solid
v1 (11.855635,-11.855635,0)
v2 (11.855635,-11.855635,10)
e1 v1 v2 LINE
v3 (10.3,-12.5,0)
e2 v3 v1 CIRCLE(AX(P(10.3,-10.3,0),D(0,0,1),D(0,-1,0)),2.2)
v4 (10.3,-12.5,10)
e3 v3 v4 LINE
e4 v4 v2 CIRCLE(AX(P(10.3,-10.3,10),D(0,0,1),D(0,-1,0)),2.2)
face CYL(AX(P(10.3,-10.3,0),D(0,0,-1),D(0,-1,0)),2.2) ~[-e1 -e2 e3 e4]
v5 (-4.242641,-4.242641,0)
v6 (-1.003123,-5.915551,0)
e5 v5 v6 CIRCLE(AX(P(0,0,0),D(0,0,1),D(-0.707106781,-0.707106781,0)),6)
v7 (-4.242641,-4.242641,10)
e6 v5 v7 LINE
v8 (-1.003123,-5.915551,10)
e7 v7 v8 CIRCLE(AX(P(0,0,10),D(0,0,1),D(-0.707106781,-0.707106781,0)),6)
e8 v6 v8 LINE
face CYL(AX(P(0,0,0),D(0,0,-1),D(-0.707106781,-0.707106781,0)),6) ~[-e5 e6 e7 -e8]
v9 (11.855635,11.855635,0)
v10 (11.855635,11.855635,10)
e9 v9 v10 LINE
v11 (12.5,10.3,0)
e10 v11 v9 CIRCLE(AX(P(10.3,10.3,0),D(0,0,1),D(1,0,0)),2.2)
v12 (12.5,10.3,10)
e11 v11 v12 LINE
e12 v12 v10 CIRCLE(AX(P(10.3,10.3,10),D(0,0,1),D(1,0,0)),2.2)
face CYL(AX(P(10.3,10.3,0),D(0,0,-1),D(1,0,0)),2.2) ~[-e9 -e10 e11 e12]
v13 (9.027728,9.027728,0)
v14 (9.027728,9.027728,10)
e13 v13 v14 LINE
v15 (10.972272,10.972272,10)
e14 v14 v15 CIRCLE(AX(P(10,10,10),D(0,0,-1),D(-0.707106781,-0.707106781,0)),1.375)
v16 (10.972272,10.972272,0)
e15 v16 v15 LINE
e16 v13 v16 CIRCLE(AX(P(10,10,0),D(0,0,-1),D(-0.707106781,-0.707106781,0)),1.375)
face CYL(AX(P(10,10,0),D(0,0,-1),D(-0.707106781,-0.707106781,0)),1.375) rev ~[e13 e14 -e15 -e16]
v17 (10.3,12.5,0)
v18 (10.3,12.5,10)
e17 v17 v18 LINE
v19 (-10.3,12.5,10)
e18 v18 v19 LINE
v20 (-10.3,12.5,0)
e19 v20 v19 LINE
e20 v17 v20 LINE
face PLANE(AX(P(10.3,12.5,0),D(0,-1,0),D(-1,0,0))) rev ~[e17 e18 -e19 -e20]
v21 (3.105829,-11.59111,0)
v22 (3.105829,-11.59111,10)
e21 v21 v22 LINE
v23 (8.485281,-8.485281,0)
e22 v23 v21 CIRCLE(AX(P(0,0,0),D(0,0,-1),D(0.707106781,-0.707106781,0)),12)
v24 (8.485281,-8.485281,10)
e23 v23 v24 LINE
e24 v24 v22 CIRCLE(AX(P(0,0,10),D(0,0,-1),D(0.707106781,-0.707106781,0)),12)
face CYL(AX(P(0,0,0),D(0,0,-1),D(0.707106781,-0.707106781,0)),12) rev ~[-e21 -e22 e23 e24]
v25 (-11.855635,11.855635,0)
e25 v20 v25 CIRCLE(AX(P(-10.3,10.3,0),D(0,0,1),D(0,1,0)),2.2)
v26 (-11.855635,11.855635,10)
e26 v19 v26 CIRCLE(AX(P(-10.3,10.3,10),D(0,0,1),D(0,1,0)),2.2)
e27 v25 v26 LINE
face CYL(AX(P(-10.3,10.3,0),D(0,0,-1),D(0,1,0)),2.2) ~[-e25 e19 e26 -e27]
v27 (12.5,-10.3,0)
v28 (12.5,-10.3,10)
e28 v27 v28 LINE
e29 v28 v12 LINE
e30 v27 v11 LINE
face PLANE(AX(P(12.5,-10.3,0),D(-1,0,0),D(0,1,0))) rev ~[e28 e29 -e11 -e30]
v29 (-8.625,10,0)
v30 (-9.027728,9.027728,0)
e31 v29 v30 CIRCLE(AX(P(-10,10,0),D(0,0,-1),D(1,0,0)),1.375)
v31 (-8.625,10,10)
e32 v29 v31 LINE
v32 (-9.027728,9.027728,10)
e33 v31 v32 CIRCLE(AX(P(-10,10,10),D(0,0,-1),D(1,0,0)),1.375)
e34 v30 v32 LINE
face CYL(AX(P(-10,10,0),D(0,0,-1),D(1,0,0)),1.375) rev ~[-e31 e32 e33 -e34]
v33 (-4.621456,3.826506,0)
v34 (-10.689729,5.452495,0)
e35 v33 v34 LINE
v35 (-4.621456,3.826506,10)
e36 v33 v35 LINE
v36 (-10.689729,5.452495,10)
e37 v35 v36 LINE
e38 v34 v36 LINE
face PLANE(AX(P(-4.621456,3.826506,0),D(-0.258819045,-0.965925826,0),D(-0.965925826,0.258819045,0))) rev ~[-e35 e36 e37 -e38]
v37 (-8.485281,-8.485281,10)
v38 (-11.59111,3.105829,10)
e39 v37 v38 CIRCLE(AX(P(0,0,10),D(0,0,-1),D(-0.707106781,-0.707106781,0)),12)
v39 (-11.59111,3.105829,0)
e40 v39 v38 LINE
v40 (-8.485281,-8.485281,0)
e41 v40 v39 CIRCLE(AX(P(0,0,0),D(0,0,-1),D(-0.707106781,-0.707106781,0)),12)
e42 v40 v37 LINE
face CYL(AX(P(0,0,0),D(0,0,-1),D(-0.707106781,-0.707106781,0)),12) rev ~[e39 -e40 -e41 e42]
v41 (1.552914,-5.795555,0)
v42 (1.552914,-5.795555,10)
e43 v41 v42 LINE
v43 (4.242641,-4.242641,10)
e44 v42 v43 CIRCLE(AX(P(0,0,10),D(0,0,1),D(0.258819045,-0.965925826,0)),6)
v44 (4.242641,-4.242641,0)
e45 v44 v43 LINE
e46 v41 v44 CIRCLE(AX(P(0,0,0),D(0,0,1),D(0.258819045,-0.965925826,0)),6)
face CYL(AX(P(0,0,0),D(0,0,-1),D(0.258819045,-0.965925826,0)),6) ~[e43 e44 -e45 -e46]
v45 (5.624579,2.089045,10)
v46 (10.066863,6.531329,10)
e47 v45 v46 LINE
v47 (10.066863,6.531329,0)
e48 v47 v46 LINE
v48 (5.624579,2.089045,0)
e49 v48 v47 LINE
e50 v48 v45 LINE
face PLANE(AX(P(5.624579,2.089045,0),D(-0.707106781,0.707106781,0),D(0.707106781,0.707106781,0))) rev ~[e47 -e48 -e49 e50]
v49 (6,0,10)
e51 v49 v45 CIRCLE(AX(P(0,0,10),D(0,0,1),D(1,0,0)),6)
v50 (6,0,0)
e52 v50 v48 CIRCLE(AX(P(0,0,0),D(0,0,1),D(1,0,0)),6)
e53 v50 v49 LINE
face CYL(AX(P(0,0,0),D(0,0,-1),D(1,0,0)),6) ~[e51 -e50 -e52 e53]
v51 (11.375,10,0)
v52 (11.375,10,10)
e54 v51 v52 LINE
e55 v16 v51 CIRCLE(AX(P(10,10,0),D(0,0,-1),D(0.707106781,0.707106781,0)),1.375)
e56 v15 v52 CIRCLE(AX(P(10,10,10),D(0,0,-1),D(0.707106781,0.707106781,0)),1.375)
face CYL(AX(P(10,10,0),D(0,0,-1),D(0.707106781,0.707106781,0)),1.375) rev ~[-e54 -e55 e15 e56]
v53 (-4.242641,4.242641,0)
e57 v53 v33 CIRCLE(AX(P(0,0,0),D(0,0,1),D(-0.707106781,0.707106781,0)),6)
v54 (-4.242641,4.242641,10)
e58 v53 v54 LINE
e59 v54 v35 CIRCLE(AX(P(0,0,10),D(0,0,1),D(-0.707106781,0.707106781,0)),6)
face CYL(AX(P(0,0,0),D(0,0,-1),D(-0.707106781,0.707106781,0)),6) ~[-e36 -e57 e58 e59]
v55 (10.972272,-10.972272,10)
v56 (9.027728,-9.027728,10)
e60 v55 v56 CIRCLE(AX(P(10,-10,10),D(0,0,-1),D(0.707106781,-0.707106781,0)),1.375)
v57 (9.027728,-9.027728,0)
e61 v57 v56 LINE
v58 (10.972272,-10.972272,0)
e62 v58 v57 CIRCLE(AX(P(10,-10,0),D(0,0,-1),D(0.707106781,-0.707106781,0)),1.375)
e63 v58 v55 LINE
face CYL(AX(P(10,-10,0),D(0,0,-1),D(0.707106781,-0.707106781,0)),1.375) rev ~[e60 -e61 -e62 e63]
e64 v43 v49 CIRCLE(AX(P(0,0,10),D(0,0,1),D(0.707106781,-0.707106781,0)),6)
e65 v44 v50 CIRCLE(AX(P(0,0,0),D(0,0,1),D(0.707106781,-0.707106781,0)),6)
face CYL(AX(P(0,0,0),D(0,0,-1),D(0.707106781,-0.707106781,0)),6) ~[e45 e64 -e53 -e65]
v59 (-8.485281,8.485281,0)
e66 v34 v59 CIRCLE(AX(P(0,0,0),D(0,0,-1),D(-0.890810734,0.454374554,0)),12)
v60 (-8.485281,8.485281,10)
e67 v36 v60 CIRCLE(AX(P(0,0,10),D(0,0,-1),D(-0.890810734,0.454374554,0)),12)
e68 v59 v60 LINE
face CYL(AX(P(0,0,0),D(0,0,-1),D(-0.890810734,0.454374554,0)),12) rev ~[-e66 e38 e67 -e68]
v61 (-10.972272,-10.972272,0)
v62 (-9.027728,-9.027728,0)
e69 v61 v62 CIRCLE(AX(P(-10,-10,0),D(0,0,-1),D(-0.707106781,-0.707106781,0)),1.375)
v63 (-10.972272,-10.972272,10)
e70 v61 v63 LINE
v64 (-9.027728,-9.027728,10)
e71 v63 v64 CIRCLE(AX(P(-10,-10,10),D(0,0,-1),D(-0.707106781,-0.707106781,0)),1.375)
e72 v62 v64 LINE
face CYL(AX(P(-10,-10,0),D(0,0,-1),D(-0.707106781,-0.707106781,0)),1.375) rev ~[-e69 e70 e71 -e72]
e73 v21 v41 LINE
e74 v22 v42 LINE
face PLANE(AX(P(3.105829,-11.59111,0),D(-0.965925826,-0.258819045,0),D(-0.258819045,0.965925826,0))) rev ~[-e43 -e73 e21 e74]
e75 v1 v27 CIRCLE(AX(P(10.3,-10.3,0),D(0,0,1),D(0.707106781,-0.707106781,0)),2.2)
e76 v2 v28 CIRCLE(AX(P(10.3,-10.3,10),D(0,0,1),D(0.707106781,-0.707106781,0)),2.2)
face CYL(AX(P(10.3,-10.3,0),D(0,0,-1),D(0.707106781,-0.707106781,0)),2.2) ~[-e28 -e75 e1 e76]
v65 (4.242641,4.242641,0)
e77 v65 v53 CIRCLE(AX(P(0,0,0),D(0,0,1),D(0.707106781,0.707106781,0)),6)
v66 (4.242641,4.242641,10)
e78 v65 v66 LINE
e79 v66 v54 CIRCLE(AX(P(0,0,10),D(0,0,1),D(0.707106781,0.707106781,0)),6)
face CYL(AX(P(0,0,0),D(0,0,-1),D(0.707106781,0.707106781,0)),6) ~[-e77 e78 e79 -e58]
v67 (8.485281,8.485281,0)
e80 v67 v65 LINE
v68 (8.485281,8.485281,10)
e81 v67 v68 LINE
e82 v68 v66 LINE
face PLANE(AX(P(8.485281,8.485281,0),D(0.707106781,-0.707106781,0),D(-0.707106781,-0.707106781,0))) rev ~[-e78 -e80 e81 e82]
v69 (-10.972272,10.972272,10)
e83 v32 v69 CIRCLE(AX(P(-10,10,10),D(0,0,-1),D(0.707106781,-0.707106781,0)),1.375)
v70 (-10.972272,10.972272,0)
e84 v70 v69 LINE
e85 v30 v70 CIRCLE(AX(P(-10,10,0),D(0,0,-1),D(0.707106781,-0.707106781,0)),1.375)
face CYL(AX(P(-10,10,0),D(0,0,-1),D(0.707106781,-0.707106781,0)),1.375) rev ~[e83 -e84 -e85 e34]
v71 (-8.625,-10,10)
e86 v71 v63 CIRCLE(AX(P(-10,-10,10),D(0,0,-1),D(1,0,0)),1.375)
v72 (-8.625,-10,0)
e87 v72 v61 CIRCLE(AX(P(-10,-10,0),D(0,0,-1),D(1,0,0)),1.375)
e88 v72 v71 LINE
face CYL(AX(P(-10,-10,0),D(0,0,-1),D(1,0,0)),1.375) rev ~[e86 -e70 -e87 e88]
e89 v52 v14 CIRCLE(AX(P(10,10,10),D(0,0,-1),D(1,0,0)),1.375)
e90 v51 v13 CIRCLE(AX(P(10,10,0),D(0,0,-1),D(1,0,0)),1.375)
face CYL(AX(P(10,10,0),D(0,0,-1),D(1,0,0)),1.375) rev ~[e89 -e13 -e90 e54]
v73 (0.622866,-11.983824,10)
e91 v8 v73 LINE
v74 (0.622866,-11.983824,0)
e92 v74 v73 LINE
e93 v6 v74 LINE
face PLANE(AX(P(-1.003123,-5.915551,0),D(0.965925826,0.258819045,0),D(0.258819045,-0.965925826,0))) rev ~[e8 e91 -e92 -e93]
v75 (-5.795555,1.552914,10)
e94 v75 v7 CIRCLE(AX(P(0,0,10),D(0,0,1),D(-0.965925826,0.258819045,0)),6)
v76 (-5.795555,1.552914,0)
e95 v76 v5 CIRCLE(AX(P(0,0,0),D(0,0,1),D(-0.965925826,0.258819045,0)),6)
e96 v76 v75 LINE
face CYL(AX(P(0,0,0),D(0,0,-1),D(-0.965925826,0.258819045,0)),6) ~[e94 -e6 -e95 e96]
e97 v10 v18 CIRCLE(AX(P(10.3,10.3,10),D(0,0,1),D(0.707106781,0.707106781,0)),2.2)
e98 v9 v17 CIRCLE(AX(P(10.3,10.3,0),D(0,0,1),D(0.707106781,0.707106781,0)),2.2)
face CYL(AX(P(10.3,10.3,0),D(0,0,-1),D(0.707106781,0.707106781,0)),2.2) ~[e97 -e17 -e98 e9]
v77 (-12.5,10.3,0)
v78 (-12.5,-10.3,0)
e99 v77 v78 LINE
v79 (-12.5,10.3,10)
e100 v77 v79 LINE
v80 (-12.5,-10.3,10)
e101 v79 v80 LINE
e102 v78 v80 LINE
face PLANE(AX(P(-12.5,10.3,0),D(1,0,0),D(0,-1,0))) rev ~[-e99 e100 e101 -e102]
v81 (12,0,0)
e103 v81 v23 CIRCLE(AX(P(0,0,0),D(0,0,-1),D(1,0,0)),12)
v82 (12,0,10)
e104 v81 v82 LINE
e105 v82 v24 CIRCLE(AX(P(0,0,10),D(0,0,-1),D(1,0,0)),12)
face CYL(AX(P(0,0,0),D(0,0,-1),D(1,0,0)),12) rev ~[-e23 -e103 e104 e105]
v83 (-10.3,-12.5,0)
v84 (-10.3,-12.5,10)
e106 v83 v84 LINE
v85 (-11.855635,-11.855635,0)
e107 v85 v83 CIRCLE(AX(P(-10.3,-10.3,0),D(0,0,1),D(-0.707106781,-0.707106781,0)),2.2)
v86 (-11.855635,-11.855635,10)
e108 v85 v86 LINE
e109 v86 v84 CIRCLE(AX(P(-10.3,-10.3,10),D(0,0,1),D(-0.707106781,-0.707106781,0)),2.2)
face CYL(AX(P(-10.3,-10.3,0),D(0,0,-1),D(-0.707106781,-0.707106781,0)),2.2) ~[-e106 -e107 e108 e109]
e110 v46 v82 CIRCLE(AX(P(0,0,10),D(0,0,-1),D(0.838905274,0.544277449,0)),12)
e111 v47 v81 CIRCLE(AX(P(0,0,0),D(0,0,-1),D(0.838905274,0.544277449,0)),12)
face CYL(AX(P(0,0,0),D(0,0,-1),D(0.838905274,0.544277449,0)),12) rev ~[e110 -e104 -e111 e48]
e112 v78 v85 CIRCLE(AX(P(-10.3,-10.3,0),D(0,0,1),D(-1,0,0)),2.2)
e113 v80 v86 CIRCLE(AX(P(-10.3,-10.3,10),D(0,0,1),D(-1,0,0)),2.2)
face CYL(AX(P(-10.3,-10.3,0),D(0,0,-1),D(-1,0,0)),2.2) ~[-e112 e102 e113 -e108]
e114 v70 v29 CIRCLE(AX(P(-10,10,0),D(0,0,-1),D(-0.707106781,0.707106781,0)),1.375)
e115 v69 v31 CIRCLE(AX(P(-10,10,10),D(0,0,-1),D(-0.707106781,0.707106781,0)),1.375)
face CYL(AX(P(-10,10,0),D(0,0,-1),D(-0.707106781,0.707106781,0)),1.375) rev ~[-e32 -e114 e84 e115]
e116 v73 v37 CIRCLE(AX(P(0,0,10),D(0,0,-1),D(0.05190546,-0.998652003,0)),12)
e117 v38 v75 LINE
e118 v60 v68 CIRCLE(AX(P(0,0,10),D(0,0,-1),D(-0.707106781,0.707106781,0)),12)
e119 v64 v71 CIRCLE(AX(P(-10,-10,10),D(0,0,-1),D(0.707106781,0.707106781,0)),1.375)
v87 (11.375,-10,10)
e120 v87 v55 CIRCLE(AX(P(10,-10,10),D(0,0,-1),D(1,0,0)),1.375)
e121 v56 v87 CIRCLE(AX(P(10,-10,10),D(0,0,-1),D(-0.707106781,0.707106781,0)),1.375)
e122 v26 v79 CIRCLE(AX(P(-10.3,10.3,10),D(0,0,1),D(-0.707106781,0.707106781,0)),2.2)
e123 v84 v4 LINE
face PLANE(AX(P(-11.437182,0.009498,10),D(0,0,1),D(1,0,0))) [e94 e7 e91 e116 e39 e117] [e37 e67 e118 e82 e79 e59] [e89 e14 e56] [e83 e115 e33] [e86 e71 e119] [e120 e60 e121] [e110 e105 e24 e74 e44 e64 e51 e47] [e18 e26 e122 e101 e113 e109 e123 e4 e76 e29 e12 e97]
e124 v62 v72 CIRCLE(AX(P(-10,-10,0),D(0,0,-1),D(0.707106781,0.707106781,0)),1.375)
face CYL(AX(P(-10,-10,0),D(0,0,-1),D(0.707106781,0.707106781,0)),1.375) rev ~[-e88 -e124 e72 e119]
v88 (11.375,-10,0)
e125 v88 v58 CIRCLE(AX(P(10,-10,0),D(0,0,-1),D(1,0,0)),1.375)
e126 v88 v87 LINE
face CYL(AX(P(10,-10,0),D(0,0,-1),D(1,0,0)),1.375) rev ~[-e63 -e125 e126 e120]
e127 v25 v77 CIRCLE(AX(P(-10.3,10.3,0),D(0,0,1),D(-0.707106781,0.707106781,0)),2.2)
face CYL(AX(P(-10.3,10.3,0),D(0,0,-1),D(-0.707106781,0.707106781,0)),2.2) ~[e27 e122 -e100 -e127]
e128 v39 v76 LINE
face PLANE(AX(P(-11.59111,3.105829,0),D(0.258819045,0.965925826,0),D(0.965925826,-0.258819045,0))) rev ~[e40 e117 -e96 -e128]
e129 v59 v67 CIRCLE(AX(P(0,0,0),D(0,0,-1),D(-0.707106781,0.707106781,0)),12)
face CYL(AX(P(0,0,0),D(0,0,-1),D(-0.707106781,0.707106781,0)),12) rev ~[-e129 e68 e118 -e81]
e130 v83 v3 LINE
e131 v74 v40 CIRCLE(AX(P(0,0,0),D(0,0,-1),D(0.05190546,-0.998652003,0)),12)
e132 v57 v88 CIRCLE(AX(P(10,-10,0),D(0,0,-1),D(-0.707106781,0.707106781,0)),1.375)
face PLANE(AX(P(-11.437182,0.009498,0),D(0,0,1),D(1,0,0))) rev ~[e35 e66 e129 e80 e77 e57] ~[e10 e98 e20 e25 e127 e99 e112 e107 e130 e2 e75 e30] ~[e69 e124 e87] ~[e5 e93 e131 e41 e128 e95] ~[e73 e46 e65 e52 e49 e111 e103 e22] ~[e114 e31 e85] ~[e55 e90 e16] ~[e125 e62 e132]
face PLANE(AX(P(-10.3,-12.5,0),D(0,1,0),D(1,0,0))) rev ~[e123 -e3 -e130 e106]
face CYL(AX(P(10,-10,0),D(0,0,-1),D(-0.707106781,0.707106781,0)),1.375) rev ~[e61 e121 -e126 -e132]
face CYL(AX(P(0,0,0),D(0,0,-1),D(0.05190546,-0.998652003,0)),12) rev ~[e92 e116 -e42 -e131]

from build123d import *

# Parameters (mm, degrees)
F1_DEPTH = 10


with BuildPart() as f1:
    # F0 (on Top) → F1 (new body)
    with BuildSketch(Plane.XY):
        with BuildLine():
            ThreePointArc((-12.5, -10.3), (-12.3325349715, -11.1419035512), (-11.8556349186, -11.8556349186))
            Line((-11.8556349186, -11.8556349186), (-10.9722718241, -10.9722718241))
            ThreePointArc((-10.9722718241, -10.9722718241), (-10.9722718241, -9.0277281759), (-9.0277281759, -9.0277281759))
            Line((-9.0277281759, -9.0277281759), (-8.4852813742, -8.4852813742))
            ThreePointArc((-8.4852813742, -8.4852813742), (-11.5911099155, -3.1058285412), (-11.5911099155, 3.1058285412))
            ThreePointArc((-11.5911099155, 3.1058285412), (-11.2020379419, 4.3028299931), (-10.6897288112, 5.4524946533))
            ThreePointArc((-10.6897288112, 5.4524946533), (-9.7066834051, 7.0555153797), (-8.4852813742, 8.4852813742))
            Line((-8.4852813742, 8.4852813742), (-9.0277281759, 9.0277281759))
            ThreePointArc((-9.0277281759, 9.0277281759), (-10.9722718241, 9.0277281759), (-10.9722718241, 10.9722718241))
            Line((-10.9722718241, 10.9722718241), (-11.8556349186, 11.8556349186))
            ThreePointArc((-11.8556349186, 11.8556349186), (-12.3325349715, 11.1419035512), (-12.5, 10.3))
            Line((-12.5, 10.3), (-12.5, -10.3))
        make_face()
        with BuildLine():
            Line((-10.3, -12.5), (10.3, -12.5))
            ThreePointArc((10.3, -12.5), (11.1419035512, -12.3325349715), (11.8556349186, -11.8556349186))
            Line((11.8556349186, -11.8556349186), (10.9722718241, -10.9722718241))
            ThreePointArc((10.9722718241, -10.9722718241), (9.0277281759, -10.9722718241), (9.0277281759, -9.0277281759))
            Line((9.0277281759, -9.0277281759), (8.4852813742, -8.4852813742))
            ThreePointArc((8.4852813742, -8.4852813742), (6, -10.3923048454), (3.1058285412, -11.5911099155))
            ThreePointArc((3.1058285412, -11.5911099155), (1.8746588888, -11.8526644283), (0.6228655218, -11.9838240367))
            ThreePointArc((0.6228655218, -11.9838240367), (-4.3028299931, -11.2020379419), (-8.4852813742, -8.4852813742))
            Line((-8.4852813742, -8.4852813742), (-9.0277281759, -9.0277281759))
            ThreePointArc((-9.0277281759, -9.0277281759), (-8.7296656428, -9.4738102805), (-8.625, -10))
            ThreePointArc((-8.625, -10), (-9.4738102805, -11.2703343572), (-10.9722718241, -10.9722718241))
            Line((-10.9722718241, -10.9722718241), (-11.8556349186, -11.8556349186))
            ThreePointArc((-11.8556349186, -11.8556349186), (-11.1419035512, -12.3325349715), (-10.3, -12.5))
        make_face()
        with BuildLine():
            Line((10.9722718241, -10.9722718241), (11.8556349186, -11.8556349186))
            ThreePointArc((11.8556349186, -11.8556349186), (12.3325349715, -11.1419035512), (12.5, -10.3))
            Line((12.5, -10.3), (12.5, 10.3))
            ThreePointArc((12.5, 10.3), (12.3325349715, 11.1419035512), (11.8556349186, 11.8556349186))
            Line((11.8556349186, 11.8556349186), (10.9722718241, 10.9722718241))
            ThreePointArc((10.9722718241, 10.9722718241), (11.2703343572, 10.5261897195), (11.375, 10))
            ThreePointArc((11.375, 10), (10.5261897195, 8.7296656428), (9.0277281759, 9.0277281759))
            Line((9.0277281759, 9.0277281759), (8.4852813742, 8.4852813742))
            ThreePointArc((8.4852813742, 8.4852813742), (9.3273790531, 7.5498344353), (10.0668632893, 6.5313293834))
            ThreePointArc((10.0668632893, 6.5313293834), (11.5065711546, 3.4057040776), (12, 0))
            ThreePointArc((12, 0), (11.0865543901, -4.5922011884), (8.4852813742, -8.4852813742))
            Line((8.4852813742, -8.4852813742), (9.0277281759, -9.0277281759))
            ThreePointArc((9.0277281759, -9.0277281759), (10.5261897195, -8.7296656428), (11.375, -10))
            ThreePointArc((11.375, -10), (11.2703343572, -10.5261897195), (10.9722718241, -10.9722718241))
        make_face()
        with BuildLine():
            Line((10.9722718241, 10.9722718241), (11.8556349186, 11.8556349186))
            ThreePointArc((11.8556349186, 11.8556349186), (11.1419035512, 12.3325349715), (10.3, 12.5))
            Line((10.3, 12.5), (-10.3, 12.5))
            ThreePointArc((-10.3, 12.5), (-11.1419035512, 12.3325349715), (-11.8556349186, 11.8556349186))
            Line((-11.8556349186, 11.8556349186), (-10.9722718241, 10.9722718241))
            ThreePointArc((-10.9722718241, 10.9722718241), (-9.4738102805, 11.2703343572), (-8.625, 10))
            ThreePointArc((-8.625, 10), (-8.7296656428, 9.4738102805), (-9.0277281759, 9.0277281759))
            Line((-9.0277281759, 9.0277281759), (-8.4852813742, 8.4852813742))
            ThreePointArc((-8.4852813742, 8.4852813742), (0, 12), (8.4852813742, 8.4852813742))
            Line((8.4852813742, 8.4852813742), (9.0277281759, 9.0277281759))
            ThreePointArc((9.0277281759, 9.0277281759), (9.0277281759, 10.9722718241), (10.9722718241, 10.9722718241))
        make_face()
        with BuildLine():
            ThreePointArc((-10.6897288112, 5.4524946533), (-11.2020379419, 4.3028299931), (-11.5911099155, 3.1058285412))
            Line((-11.5911099155, 3.1058285412), (-5.7955549577, 1.5529142706))
            ThreePointArc((-5.7955549577, 1.5529142706), (-5.3311192747, 2.7530287465), (-4.6214557688, 3.8265057921))
            Line((-4.6214557688, 3.8265057921), (-10.6897288112, 5.4524946533))
        make_face()
        with BuildLine():
            Line((-5.7955549577, 1.5529142706), (0, 0))
            Line((0, 0), (-4.2426406871, 4.2426406871))
            ThreePointArc((-4.2426406871, 4.2426406871), (-4.4369295191, 4.0390167668), (-4.6214557688, 3.8265057921))
            ThreePointArc((-4.6214557688, 3.8265057921), (-5.3311192747, 2.7530287465), (-5.7955549577, 1.5529142706))
        make_face()
        with BuildLine():
            Line((-4.2426406871, 4.2426406871), (0, 0))
            Line((0, 0), (4.2426406871, 4.2426406871))
            ThreePointArc((4.2426406871, 4.2426406871), (0, 6), (-4.2426406871, 4.2426406871))
        make_face()
        with BuildLine():
            Line((0, 0), (4.2426406871, -4.2426406871))
            ThreePointArc((4.2426406871, -4.2426406871), (5.5432771951, -2.2961005942), (6, 0))
            ThreePointArc((6, 0), (5.9053989979, 1.0612552359), (5.6245791081, 2.0890452022))
            ThreePointArc((5.6245791081, 2.0890452022), (5.0497524692, 3.2403703492), (4.2426406871, 4.2426406871))
            Line((4.2426406871, 4.2426406871), (0, 0))
        make_face()
        with BuildLine():
            Line((5.6245791081, 2.0890452022), (10.0668632893, 6.5313293834))
            ThreePointArc((10.0668632893, 6.5313293834), (9.3273790531, 7.5498344353), (8.4852813742, 8.4852813742))
            Line((8.4852813742, 8.4852813742), (4.2426406871, 4.2426406871))
            ThreePointArc((4.2426406871, 4.2426406871), (5.0497524692, 3.2403703492), (5.6245791081, 2.0890452022))
        make_face()
        with BuildLine():
            ThreePointArc((1.5529142706, -5.7955549577), (3, -5.1961524227), (4.2426406871, -4.2426406871))
            Line((4.2426406871, -4.2426406871), (0, 0))
            Line((0, 0), (1.5529142706, -5.7955549577))
        make_face()
        with BuildLine():
            Line((0, 0), (-4.2426406871, -4.2426406871))
            ThreePointArc((-4.2426406871, -4.2426406871), (-2.7530287465, -5.3311192747), (-1.0031233393, -5.9155509943))
            ThreePointArc((-1.0031233393, -5.9155509943), (0.2813668055, -5.9933990957), (1.5529142706, -5.7955549577))
            Line((1.5529142706, -5.7955549577), (0, 0))
        make_face()
        with BuildLine():
            ThreePointArc((-5.7955549577, 1.5529142706), (-5.7955549577, -1.5529142706), (-4.2426406871, -4.2426406871))
            Line((-4.2426406871, -4.2426406871), (0, 0))
            Line((0, 0), (-5.7955549577, 1.5529142706))
        make_face()
        with BuildLine():
            ThreePointArc((0.6228655218, -11.9838240367), (1.8746588888, -11.8526644283), (3.1058285412, -11.5911099155))
            Line((3.1058285412, -11.5911099155), (1.5529142706, -5.7955549577))
            ThreePointArc((1.5529142706, -5.7955549577), (0.2813668055, -5.9933990957), (-1.0031233393, -5.9155509943))
            Line((-1.0031233393, -5.9155509943), (0.6228655218, -11.9838240367))
        make_face()
    extrude(amount=F1_DEPTH)


solid = f1.part
